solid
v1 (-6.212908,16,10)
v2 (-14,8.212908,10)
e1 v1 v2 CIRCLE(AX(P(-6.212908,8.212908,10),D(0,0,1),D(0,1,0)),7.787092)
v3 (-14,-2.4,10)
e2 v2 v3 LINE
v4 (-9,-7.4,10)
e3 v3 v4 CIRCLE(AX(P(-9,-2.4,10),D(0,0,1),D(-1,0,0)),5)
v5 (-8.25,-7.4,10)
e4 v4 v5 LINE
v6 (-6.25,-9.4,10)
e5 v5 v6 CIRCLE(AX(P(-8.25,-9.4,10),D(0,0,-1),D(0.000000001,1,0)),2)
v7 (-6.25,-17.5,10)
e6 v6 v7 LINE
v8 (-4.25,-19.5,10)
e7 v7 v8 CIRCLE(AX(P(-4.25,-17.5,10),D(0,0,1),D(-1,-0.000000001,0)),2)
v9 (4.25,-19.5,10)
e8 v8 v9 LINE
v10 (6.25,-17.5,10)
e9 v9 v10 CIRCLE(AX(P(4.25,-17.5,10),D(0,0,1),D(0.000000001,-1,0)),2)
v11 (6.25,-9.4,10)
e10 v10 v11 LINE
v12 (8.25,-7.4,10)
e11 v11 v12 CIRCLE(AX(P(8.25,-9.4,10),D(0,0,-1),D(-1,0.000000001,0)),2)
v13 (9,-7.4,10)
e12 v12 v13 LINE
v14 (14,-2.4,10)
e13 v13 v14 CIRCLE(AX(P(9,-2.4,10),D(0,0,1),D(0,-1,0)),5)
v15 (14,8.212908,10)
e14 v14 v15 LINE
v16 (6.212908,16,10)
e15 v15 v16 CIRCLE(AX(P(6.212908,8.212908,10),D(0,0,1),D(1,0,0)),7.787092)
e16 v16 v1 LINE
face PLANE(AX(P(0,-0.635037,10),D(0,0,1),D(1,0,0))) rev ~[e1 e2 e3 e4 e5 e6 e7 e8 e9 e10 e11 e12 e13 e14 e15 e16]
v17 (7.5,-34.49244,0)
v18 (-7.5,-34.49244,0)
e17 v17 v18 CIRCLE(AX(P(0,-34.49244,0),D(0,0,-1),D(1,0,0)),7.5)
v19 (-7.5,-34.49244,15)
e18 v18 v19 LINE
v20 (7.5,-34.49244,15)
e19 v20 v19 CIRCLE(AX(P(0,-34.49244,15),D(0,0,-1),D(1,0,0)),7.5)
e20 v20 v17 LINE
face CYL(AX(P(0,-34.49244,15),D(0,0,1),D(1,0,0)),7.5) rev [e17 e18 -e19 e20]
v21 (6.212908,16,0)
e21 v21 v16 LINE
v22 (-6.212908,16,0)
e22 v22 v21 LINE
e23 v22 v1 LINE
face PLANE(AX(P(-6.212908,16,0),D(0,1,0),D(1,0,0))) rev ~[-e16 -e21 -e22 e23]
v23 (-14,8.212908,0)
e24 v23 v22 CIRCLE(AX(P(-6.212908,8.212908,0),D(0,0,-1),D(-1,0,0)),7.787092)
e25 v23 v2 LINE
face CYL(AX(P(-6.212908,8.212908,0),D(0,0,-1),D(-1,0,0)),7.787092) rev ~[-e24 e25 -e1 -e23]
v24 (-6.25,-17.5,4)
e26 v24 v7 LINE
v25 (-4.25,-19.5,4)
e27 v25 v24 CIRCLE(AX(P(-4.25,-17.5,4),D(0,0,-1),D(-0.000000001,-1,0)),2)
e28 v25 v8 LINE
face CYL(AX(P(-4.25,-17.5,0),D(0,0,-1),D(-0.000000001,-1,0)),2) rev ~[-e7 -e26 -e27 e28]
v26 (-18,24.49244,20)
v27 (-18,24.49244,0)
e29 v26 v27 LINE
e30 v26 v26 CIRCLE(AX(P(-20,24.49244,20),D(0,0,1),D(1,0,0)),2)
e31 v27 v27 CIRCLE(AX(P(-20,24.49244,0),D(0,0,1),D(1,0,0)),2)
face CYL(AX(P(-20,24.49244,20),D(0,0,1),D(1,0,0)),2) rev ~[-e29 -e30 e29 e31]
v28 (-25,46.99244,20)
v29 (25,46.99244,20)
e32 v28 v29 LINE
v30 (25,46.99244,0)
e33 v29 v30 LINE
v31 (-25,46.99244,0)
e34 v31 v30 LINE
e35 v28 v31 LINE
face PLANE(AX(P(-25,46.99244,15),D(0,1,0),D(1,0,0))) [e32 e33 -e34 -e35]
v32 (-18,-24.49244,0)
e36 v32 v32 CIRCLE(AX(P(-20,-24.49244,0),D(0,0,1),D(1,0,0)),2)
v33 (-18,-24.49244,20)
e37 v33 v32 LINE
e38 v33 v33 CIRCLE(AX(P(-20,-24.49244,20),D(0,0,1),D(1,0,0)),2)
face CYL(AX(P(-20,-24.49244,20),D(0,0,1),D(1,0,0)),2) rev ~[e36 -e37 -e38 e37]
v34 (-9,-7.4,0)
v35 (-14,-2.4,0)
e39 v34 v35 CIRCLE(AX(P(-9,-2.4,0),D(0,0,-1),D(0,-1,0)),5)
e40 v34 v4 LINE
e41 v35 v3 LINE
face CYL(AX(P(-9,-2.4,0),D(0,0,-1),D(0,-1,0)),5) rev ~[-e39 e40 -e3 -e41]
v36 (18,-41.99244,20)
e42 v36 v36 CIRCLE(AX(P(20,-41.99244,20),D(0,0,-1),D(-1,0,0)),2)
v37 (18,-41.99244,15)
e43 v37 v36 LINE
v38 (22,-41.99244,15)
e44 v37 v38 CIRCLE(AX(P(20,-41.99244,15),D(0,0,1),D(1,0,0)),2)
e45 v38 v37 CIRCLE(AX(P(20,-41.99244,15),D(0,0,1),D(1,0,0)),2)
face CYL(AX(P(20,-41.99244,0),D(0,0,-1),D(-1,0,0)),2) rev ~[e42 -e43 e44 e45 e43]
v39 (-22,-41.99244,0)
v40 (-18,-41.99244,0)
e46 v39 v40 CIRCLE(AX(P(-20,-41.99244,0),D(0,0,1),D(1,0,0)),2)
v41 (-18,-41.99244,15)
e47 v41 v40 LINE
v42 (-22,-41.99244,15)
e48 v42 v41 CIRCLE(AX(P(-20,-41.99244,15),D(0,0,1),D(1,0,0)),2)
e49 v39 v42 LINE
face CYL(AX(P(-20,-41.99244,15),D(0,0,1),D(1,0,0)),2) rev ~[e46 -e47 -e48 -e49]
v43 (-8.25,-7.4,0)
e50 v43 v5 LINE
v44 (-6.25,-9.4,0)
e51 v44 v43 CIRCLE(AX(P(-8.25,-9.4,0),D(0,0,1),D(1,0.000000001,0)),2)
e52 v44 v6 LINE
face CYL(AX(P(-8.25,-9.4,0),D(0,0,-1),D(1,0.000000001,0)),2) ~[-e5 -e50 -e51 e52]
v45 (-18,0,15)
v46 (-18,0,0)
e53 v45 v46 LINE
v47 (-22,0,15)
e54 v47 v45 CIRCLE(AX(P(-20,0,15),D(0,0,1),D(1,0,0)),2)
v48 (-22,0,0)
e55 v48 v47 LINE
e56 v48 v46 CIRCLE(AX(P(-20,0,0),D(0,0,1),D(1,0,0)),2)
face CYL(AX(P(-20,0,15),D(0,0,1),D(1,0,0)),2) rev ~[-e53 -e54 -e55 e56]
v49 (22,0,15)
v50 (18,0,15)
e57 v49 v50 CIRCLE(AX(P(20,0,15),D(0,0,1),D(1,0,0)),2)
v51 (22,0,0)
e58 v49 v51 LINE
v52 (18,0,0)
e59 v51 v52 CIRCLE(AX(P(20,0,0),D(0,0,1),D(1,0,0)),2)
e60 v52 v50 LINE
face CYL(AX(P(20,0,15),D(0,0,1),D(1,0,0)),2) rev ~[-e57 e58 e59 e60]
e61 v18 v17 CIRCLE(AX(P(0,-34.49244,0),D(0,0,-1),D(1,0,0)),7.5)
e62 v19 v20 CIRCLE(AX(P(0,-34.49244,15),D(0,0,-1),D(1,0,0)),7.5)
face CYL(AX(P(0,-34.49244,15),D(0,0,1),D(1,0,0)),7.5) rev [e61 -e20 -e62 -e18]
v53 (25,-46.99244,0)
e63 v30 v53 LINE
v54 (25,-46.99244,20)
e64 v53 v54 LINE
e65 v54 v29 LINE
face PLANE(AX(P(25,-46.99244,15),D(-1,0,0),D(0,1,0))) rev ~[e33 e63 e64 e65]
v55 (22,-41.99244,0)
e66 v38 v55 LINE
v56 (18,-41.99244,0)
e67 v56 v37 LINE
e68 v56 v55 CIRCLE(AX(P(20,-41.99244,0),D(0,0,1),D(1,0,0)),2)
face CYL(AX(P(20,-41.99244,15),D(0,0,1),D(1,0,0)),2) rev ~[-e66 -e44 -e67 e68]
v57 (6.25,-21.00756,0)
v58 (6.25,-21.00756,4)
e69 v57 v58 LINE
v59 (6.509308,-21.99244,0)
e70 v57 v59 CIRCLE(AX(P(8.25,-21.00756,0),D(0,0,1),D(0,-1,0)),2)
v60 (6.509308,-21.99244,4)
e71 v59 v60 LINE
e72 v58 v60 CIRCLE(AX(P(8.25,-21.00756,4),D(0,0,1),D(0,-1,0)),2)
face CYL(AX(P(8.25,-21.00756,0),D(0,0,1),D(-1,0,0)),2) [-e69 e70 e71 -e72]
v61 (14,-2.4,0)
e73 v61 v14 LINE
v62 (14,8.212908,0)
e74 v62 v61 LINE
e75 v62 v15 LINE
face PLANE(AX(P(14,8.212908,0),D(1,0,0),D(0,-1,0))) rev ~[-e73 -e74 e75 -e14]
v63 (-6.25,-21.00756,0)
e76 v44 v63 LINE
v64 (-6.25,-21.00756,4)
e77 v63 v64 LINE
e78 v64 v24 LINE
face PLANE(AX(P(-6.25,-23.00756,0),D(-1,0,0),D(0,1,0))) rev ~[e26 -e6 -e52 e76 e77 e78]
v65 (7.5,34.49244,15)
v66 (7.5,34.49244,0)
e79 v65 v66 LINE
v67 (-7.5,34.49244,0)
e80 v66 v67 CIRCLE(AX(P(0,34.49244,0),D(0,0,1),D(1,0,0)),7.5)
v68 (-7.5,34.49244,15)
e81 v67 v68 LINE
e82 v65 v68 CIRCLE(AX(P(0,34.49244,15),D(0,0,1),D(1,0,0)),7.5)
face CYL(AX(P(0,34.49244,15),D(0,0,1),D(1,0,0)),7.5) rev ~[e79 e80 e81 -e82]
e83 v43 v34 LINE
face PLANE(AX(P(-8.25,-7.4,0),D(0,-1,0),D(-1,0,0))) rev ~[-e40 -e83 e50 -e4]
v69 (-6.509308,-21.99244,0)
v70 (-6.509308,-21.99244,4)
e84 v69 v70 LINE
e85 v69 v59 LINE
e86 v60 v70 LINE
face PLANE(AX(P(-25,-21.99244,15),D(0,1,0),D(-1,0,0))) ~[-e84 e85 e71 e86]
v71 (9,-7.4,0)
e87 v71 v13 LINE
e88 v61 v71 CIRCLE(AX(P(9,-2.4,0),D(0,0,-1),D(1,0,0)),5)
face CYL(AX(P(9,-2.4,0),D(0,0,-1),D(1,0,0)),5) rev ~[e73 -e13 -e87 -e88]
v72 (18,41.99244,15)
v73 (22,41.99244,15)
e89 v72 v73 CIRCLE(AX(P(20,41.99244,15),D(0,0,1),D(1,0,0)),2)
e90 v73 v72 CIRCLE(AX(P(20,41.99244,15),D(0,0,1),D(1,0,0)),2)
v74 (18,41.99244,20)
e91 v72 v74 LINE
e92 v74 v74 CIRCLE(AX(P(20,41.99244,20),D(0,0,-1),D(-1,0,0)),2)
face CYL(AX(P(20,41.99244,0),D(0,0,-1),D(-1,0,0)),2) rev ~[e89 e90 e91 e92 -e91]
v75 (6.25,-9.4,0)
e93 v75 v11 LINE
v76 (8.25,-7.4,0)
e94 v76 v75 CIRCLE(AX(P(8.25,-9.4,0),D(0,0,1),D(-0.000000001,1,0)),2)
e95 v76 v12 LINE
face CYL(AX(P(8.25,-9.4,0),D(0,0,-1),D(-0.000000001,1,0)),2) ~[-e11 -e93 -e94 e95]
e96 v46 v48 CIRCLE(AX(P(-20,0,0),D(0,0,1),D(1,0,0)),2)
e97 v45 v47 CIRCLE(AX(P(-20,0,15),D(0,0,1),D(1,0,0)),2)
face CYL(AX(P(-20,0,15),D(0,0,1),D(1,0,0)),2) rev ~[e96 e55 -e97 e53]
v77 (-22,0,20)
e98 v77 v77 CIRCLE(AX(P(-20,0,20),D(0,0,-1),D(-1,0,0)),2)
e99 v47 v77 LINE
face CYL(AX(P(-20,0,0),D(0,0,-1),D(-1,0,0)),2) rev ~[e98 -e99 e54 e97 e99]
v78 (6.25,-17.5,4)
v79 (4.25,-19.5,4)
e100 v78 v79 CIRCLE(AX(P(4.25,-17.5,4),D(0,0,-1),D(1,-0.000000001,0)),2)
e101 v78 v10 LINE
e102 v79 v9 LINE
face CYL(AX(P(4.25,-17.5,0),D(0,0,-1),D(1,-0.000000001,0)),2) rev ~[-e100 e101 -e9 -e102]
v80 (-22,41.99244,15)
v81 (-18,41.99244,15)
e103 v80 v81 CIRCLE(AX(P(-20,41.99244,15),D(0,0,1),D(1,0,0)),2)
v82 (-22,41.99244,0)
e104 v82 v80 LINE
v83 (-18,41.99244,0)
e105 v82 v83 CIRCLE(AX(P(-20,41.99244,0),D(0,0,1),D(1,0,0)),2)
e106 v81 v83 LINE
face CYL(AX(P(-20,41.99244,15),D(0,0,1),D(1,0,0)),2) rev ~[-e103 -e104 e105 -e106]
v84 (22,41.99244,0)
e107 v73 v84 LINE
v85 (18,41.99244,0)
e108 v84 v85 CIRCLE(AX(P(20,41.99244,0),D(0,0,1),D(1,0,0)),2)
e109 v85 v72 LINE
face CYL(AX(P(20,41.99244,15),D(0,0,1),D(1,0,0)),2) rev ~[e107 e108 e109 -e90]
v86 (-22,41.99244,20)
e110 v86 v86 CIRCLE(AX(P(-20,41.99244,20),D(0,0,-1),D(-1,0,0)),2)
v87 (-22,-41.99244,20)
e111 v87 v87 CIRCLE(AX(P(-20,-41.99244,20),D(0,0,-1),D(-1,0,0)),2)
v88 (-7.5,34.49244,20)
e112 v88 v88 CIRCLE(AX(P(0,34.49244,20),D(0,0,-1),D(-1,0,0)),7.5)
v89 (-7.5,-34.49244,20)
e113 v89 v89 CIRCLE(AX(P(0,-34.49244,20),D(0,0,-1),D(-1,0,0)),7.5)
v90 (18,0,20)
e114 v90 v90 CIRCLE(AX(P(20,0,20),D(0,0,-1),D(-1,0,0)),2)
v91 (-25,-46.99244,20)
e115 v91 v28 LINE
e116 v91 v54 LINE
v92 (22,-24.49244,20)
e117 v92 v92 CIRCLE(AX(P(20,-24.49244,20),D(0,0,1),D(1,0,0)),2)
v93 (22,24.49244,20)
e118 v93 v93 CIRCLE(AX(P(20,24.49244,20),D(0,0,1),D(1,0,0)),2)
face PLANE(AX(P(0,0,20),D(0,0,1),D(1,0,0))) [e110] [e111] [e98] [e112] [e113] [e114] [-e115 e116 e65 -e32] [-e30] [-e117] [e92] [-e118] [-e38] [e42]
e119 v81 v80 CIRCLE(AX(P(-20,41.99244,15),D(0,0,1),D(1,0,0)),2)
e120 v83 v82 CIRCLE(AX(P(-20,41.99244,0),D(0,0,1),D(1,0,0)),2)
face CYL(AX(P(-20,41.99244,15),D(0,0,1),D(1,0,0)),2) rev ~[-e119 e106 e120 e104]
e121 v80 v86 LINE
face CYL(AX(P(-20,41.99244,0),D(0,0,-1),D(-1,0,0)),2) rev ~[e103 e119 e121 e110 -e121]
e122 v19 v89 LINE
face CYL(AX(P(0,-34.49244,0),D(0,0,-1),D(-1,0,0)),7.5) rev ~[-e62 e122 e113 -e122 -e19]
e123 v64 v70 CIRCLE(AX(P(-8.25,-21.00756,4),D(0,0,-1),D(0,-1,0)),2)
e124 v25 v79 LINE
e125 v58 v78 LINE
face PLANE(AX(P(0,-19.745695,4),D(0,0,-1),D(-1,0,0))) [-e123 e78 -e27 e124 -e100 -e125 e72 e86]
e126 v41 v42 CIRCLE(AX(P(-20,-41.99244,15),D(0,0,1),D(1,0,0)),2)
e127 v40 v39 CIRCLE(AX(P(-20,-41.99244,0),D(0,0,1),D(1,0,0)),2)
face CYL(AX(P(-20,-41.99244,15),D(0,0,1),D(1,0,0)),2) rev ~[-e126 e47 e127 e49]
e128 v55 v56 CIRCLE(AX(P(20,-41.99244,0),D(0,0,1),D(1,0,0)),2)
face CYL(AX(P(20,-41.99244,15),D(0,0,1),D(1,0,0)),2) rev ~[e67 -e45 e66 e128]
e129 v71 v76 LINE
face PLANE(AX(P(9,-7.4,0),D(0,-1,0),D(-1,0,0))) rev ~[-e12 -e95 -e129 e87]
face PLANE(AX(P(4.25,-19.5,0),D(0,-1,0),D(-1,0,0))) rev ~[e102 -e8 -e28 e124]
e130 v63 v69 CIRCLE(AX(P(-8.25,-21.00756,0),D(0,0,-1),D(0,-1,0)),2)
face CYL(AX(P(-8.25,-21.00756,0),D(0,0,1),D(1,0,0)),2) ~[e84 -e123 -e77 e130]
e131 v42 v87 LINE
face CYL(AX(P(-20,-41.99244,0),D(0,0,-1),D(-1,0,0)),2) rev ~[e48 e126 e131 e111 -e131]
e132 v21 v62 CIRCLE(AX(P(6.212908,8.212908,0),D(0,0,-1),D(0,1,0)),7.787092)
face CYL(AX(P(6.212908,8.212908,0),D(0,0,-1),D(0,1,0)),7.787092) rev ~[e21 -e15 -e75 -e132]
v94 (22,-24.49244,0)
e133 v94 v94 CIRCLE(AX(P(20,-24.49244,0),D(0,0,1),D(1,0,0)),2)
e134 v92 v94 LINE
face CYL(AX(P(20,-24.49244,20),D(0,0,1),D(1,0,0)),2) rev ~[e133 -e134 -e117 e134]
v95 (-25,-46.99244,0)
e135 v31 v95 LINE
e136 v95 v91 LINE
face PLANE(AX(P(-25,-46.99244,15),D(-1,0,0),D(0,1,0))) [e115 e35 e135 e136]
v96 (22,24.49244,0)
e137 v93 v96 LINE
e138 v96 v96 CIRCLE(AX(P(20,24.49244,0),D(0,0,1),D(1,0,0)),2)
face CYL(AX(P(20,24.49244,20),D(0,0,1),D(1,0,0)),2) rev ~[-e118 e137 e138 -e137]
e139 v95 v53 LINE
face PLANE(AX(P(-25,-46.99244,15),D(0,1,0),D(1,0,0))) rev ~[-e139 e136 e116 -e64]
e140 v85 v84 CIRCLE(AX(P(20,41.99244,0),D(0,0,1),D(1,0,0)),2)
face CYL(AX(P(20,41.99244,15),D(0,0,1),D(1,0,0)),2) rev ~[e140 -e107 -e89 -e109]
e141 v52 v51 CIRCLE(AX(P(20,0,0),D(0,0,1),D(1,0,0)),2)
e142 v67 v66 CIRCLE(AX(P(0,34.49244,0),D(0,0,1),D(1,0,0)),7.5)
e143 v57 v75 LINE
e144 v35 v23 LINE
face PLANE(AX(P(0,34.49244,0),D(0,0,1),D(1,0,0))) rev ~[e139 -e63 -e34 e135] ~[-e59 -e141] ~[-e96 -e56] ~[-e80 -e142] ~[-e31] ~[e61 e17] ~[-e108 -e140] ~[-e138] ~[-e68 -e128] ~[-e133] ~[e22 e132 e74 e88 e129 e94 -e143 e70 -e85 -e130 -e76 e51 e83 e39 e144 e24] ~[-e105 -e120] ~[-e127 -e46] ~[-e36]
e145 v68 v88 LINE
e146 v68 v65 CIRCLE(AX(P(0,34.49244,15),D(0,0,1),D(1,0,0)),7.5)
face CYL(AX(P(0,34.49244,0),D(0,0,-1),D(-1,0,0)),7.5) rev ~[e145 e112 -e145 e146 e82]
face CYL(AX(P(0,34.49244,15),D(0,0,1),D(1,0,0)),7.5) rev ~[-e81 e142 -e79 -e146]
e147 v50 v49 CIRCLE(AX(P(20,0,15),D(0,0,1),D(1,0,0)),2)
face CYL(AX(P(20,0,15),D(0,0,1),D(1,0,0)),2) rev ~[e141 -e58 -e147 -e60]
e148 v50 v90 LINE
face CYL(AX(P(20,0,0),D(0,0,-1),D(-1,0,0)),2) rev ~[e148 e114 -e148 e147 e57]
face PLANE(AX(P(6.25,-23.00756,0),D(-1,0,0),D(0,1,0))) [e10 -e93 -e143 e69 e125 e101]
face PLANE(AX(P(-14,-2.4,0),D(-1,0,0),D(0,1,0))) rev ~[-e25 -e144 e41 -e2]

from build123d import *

# Parameters (mm, degrees)
BOSS_EXTRUDE1_DEPTH = 15
CUT_EXTRUDE1_DEPTH  = 16
SKETCH3_W           = 50
SKETCH3_H           = 45
BOSS_EXTRUDE3_DEPTH = 15
SKETCH4_W           = 12.5
SKETCH4_H           = 6.523729489
CUT_EXTRUDE2_DEPTH  = 4
FILLET1_R           = 2
SKETCH5_W           = 50
SKETCH5_H           = 25
SKETCH5_R           = 7.5
BOSS_EXTRUDE4_DEPTH = 15
SKETCH6_R           = 2
CUT_EXTRUDE3_DEPTH  = 16
BOSS_EXTRUDE5_DEPTH = 5
SKETCH8_W           = 50
SKETCH8_H           = 93.984880812
BOSS_EXTRUDE6_DEPTH = 5
SKETCH9_R           = 2
SKETCH9_R_2         = 7.5
CUT_EXTRUDE4_DEPTH  = 21
SKETCH10_R          = 2
CUT_EXTRUDE5_DEPTH  = 21


with BuildPart() as part:
    # Sketch1 → Boss-Extrude1 (new body)
    with BuildSketch(Plane.XY):
        with BuildLine():
            Line((-7, 19), (7, 19))
            ThreePointArc((7, 19), (14.071067812, 16.071067812), (17, 9))
            Line((17, 9), (17, -5))
            ThreePointArc((17, -5), (14.071067812, -12.071067812), (7, -15))
            Line((7, -15), (-7, -15))
            ThreePointArc((-7, -15), (-14.071067812, -12.071067812), (-17, -5))
            Line((-17, -5), (-17, 9))
            ThreePointArc((-17, 9), (-14.071067812, 16.071067812), (-7, 19))
        make_face()
    extrude(amount=BOSS_EXTRUDE1_DEPTH)

    # Sketch2 → Cut-Extrude1 (cut, through all)
    with BuildSketch(Plane(origin=(0, 0, 0), x_dir=(-1, 0, 0), z_dir=(0, 0, -1))):
        with BuildLine():
            Line((14, 0.39), (14, 8.212908396))
            ThreePointArc((14, 8.212908396), (11.719213675, 13.719213675), (6.212908396, 16))
            Line((6.212908396, 16), (-6.212908396, 16))
            ThreePointArc((-6.212908396, 16), (-11.719213675, 13.719213675), (-14, 8.212908396))
            Line((-14, 8.212908396), (-14, 0.39))
            Line((-14, 0.39), (-14, -2.4))
            ThreePointArc((-14, -2.4), (-12.535533906, -5.935533906), (-9, -7.4))
            Line((-9, -7.4), (-8.25, -7.4))
            ThreePointArc((-8.25, -7.4), (-6.835786438, -7.985786438), (-6.25, -9.4))
            Line((-6.25, -9.4), (-6.25, -17.62539529))
            Line((-6.25, -17.62539529), (6.25, -17.62539529))
            Line((6.25, -17.62539529), (6.25, -9.4))
            ThreePointArc((6.25, -9.4), (6.835786438, -7.985786438), (8.25, -7.4))
            Line((8.25, -7.4), (9, -7.4))
            ThreePointArc((9, -7.4), (12.535533906, -5.935533906), (14, -2.4))
            Line((14, -2.4), (14, 0.39))
        make_face()
    extrude(amount=-CUT_EXTRUDE1_DEPTH, mode=Mode.SUBTRACT)

    # Sketch3 → Boss-Extrude3 (add)
    with BuildSketch(Plane(origin=(0, 0, 0), x_dir=(-1, 0, 0), z_dir=(0, 0, -1))):
        with Locations((0, -0.507559594)):
            Rectangle(SKETCH3_W, SKETCH3_H)
        with BuildLine():
            Line((-6.25, -9.4), (-6.25, -15))
            Line((-6.25, -15), (-6.25, -17.5))
            ThreePointArc((-6.25, -17.5), (-5.664213562, -18.914213562), (-4.25, -19.5))
            Line((-4.25, -19.5), (4.25, -19.5))
            ThreePointArc((4.25, -19.5), (5.664213562, -18.914213562), (6.25, -17.5))
            Line((6.25, -17.5), (6.25, -15))
            Line((6.25, -15), (6.25, -9.4))
            ThreePointArc((6.25, -9.4), (6.835786438, -7.985786438), (8.25, -7.4))
            Line((8.25, -7.4), (9, -7.4))
            ThreePointArc((9, -7.4), (12.535533906, -5.935533906), (14, -2.4))
            Line((14, -2.4), (14, 8.212908396))
            ThreePointArc((14, 8.212908396), (11.719213675, 13.719213675), (6.212908396, 16))
            Line((6.212908396, 16), (-6.212908396, 16))
            ThreePointArc((-6.212908396, 16), (-11.719213675, 13.719213675), (-14, 8.212908396))
            Line((-14, 8.212908396), (-14, -2.4))
            ThreePointArc((-14, -2.4), (-12.535533906, -5.935533906), (-9, -7.4))
            Line((-9, -7.4), (-8.25, -7.4))
            ThreePointArc((-8.25, -7.4), (-6.835786438, -7.985786438), (-6.25, -9.4))
        make_face(mode=Mode.SUBTRACT)
    extrude(amount=-BOSS_EXTRUDE3_DEPTH)

    # Sketch4 → Cut-Extrude2 (cut)
    with BuildSketch(Plane(origin=(0, 0, 0), x_dir=(-1, 0, 0), z_dir=(0, 0, -1))):
        with Locations((0, -19.74569485)):
            Rectangle(SKETCH4_W, SKETCH4_H)
    extrude(amount=-CUT_EXTRUDE2_DEPTH, mode=Mode.SUBTRACT)

    # Fillet1
    fillet1_edges = [part.edges().sort_by_distance(p)[0] for p in [
        (6.25, -23.007559594, 2),
        (-6.25, -23.007559594, 2),
    ]]
    fillet(fillet1_edges, radius=FILLET1_R)

    # Sketch5 → Boss-Extrude4 (add)
    with BuildSketch(Plane.XY.offset(15)):
        with Locations((0, 34.492440406)):
            Rectangle(SKETCH5_W, SKETCH5_H)
        with Locations((0, 34.492440406)):
            Circle(SKETCH5_R, mode=Mode.SUBTRACT)
    boss_extrude4 = extrude(amount=-BOSS_EXTRUDE4_DEPTH)

    # Mirror1: Boss-Extrude4 across plane
    add(boss_extrude4.mirror(Plane.ZX))

    # Sketch6 → Cut-Extrude3 (cut, through all)
    with BuildSketch(Plane.XY.offset(15)):
        with Locations((-20, 41.992440406)):
            Circle(SKETCH6_R)
        with Locations((20, 41.992440406)):
            Circle(SKETCH6_R)
        with Locations((20, -41.992440406)):
            Circle(SKETCH6_R)
        with Locations((-20, -41.992440406)):
            Circle(SKETCH6_R)
        with Locations((20, 0)):
            Circle(SKETCH6_R)
        with Locations((-20, 0)):
            Circle(SKETCH6_R)
    extrude(amount=-CUT_EXTRUDE3_DEPTH, mode=Mode.SUBTRACT)

    # Sketch7 → Boss-Extrude5 (add)
    with BuildSketch(Plane.XY.offset(15)):
        with BuildLine():
            Line((-4.25, -19.5), (4.25, -19.5))
            ThreePointArc((4.25, -19.5), (5.664213562, -18.914213562), (6.25, -17.5))
            Line((6.25, -17.5), (6.25, -9.4))
            ThreePointArc((6.25, -9.4), (6.835786438, -7.985786438), (8.25, -7.4))
            Line((8.25, -7.4), (9, -7.4))
            ThreePointArc((9, -7.4), (12.535533906, -5.935533906), (14, -2.4))
            Line((14, -2.4), (14, 8.212908396))
            ThreePointArc((14, 8.212908396), (11.719213675, 13.719213675), (6.212908396, 16))
            Line((6.212908396, 16), (-6.212908396, 16))
            ThreePointArc((-6.212908396, 16), (-11.719213675, 13.719213675), (-14, 8.212908396))
            Line((-14, 8.212908396), (-14, -2.4))
            ThreePointArc((-14, -2.4), (-12.535533906, -5.935533906), (-9, -7.4))
            Line((-9, -7.4), (-8.25, -7.4))
            ThreePointArc((-8.25, -7.4), (-6.835786438, -7.985786438), (-6.25, -9.4))
            Line((-6.25, -9.4), (-6.25, -17.5))
            ThreePointArc((-6.25, -17.5), (-5.664213562, -18.914213562), (-4.25, -19.5))
        make_face()
    extrude(amount=-BOSS_EXTRUDE5_DEPTH)

    # Sketch8 → Boss-Extrude6 (add)
    with BuildSketch(Plane.XY.offset(15)):
        Rectangle(SKETCH8_W, SKETCH8_H)
    extrude(amount=BOSS_EXTRUDE6_DEPTH)

    # Sketch9 → Cut-Extrude4 (cut, through all)
    with BuildSketch(Plane(origin=(0, 0, 0), x_dir=(-1, 0, 0), z_dir=(0, 0, -1))):
        with Locations((20, -41.992440406)):
            Circle(SKETCH9_R)
        with Locations((0, -34.492440406)):
            Circle(SKETCH9_R_2)
        with Locations((-20, -41.992440406)):
            Circle(SKETCH9_R)
        with Locations((20, 0)):
            Circle(SKETCH9_R)
        with Locations((-20, 0)):
            Circle(SKETCH9_R)
        with Locations((-20, 41.992440406)):
            Circle(SKETCH9_R)
        with Locations((0, 34.492440406)):
            Circle(SKETCH9_R_2)
        with Locations((20, 41.992440406)):
            Circle(SKETCH9_R)
    extrude(amount=-CUT_EXTRUDE4_DEPTH, mode=Mode.SUBTRACT)

    # Sketch10 → Cut-Extrude5 (cut, through all)
    with BuildSketch(Plane.XY.offset(20)):
        with Locations((-20, 24.492440406)):
            Circle(SKETCH10_R)
        with Locations((20, 24.492440406)):
            Circle(SKETCH10_R)
        with Locations((20, -24.492440406)):
            Circle(SKETCH10_R)
        with Locations((-20, -24.492440406)):
            Circle(SKETCH10_R)
    extrude(amount=-CUT_EXTRUDE5_DEPTH, mode=Mode.SUBTRACT)


solid = part.part
